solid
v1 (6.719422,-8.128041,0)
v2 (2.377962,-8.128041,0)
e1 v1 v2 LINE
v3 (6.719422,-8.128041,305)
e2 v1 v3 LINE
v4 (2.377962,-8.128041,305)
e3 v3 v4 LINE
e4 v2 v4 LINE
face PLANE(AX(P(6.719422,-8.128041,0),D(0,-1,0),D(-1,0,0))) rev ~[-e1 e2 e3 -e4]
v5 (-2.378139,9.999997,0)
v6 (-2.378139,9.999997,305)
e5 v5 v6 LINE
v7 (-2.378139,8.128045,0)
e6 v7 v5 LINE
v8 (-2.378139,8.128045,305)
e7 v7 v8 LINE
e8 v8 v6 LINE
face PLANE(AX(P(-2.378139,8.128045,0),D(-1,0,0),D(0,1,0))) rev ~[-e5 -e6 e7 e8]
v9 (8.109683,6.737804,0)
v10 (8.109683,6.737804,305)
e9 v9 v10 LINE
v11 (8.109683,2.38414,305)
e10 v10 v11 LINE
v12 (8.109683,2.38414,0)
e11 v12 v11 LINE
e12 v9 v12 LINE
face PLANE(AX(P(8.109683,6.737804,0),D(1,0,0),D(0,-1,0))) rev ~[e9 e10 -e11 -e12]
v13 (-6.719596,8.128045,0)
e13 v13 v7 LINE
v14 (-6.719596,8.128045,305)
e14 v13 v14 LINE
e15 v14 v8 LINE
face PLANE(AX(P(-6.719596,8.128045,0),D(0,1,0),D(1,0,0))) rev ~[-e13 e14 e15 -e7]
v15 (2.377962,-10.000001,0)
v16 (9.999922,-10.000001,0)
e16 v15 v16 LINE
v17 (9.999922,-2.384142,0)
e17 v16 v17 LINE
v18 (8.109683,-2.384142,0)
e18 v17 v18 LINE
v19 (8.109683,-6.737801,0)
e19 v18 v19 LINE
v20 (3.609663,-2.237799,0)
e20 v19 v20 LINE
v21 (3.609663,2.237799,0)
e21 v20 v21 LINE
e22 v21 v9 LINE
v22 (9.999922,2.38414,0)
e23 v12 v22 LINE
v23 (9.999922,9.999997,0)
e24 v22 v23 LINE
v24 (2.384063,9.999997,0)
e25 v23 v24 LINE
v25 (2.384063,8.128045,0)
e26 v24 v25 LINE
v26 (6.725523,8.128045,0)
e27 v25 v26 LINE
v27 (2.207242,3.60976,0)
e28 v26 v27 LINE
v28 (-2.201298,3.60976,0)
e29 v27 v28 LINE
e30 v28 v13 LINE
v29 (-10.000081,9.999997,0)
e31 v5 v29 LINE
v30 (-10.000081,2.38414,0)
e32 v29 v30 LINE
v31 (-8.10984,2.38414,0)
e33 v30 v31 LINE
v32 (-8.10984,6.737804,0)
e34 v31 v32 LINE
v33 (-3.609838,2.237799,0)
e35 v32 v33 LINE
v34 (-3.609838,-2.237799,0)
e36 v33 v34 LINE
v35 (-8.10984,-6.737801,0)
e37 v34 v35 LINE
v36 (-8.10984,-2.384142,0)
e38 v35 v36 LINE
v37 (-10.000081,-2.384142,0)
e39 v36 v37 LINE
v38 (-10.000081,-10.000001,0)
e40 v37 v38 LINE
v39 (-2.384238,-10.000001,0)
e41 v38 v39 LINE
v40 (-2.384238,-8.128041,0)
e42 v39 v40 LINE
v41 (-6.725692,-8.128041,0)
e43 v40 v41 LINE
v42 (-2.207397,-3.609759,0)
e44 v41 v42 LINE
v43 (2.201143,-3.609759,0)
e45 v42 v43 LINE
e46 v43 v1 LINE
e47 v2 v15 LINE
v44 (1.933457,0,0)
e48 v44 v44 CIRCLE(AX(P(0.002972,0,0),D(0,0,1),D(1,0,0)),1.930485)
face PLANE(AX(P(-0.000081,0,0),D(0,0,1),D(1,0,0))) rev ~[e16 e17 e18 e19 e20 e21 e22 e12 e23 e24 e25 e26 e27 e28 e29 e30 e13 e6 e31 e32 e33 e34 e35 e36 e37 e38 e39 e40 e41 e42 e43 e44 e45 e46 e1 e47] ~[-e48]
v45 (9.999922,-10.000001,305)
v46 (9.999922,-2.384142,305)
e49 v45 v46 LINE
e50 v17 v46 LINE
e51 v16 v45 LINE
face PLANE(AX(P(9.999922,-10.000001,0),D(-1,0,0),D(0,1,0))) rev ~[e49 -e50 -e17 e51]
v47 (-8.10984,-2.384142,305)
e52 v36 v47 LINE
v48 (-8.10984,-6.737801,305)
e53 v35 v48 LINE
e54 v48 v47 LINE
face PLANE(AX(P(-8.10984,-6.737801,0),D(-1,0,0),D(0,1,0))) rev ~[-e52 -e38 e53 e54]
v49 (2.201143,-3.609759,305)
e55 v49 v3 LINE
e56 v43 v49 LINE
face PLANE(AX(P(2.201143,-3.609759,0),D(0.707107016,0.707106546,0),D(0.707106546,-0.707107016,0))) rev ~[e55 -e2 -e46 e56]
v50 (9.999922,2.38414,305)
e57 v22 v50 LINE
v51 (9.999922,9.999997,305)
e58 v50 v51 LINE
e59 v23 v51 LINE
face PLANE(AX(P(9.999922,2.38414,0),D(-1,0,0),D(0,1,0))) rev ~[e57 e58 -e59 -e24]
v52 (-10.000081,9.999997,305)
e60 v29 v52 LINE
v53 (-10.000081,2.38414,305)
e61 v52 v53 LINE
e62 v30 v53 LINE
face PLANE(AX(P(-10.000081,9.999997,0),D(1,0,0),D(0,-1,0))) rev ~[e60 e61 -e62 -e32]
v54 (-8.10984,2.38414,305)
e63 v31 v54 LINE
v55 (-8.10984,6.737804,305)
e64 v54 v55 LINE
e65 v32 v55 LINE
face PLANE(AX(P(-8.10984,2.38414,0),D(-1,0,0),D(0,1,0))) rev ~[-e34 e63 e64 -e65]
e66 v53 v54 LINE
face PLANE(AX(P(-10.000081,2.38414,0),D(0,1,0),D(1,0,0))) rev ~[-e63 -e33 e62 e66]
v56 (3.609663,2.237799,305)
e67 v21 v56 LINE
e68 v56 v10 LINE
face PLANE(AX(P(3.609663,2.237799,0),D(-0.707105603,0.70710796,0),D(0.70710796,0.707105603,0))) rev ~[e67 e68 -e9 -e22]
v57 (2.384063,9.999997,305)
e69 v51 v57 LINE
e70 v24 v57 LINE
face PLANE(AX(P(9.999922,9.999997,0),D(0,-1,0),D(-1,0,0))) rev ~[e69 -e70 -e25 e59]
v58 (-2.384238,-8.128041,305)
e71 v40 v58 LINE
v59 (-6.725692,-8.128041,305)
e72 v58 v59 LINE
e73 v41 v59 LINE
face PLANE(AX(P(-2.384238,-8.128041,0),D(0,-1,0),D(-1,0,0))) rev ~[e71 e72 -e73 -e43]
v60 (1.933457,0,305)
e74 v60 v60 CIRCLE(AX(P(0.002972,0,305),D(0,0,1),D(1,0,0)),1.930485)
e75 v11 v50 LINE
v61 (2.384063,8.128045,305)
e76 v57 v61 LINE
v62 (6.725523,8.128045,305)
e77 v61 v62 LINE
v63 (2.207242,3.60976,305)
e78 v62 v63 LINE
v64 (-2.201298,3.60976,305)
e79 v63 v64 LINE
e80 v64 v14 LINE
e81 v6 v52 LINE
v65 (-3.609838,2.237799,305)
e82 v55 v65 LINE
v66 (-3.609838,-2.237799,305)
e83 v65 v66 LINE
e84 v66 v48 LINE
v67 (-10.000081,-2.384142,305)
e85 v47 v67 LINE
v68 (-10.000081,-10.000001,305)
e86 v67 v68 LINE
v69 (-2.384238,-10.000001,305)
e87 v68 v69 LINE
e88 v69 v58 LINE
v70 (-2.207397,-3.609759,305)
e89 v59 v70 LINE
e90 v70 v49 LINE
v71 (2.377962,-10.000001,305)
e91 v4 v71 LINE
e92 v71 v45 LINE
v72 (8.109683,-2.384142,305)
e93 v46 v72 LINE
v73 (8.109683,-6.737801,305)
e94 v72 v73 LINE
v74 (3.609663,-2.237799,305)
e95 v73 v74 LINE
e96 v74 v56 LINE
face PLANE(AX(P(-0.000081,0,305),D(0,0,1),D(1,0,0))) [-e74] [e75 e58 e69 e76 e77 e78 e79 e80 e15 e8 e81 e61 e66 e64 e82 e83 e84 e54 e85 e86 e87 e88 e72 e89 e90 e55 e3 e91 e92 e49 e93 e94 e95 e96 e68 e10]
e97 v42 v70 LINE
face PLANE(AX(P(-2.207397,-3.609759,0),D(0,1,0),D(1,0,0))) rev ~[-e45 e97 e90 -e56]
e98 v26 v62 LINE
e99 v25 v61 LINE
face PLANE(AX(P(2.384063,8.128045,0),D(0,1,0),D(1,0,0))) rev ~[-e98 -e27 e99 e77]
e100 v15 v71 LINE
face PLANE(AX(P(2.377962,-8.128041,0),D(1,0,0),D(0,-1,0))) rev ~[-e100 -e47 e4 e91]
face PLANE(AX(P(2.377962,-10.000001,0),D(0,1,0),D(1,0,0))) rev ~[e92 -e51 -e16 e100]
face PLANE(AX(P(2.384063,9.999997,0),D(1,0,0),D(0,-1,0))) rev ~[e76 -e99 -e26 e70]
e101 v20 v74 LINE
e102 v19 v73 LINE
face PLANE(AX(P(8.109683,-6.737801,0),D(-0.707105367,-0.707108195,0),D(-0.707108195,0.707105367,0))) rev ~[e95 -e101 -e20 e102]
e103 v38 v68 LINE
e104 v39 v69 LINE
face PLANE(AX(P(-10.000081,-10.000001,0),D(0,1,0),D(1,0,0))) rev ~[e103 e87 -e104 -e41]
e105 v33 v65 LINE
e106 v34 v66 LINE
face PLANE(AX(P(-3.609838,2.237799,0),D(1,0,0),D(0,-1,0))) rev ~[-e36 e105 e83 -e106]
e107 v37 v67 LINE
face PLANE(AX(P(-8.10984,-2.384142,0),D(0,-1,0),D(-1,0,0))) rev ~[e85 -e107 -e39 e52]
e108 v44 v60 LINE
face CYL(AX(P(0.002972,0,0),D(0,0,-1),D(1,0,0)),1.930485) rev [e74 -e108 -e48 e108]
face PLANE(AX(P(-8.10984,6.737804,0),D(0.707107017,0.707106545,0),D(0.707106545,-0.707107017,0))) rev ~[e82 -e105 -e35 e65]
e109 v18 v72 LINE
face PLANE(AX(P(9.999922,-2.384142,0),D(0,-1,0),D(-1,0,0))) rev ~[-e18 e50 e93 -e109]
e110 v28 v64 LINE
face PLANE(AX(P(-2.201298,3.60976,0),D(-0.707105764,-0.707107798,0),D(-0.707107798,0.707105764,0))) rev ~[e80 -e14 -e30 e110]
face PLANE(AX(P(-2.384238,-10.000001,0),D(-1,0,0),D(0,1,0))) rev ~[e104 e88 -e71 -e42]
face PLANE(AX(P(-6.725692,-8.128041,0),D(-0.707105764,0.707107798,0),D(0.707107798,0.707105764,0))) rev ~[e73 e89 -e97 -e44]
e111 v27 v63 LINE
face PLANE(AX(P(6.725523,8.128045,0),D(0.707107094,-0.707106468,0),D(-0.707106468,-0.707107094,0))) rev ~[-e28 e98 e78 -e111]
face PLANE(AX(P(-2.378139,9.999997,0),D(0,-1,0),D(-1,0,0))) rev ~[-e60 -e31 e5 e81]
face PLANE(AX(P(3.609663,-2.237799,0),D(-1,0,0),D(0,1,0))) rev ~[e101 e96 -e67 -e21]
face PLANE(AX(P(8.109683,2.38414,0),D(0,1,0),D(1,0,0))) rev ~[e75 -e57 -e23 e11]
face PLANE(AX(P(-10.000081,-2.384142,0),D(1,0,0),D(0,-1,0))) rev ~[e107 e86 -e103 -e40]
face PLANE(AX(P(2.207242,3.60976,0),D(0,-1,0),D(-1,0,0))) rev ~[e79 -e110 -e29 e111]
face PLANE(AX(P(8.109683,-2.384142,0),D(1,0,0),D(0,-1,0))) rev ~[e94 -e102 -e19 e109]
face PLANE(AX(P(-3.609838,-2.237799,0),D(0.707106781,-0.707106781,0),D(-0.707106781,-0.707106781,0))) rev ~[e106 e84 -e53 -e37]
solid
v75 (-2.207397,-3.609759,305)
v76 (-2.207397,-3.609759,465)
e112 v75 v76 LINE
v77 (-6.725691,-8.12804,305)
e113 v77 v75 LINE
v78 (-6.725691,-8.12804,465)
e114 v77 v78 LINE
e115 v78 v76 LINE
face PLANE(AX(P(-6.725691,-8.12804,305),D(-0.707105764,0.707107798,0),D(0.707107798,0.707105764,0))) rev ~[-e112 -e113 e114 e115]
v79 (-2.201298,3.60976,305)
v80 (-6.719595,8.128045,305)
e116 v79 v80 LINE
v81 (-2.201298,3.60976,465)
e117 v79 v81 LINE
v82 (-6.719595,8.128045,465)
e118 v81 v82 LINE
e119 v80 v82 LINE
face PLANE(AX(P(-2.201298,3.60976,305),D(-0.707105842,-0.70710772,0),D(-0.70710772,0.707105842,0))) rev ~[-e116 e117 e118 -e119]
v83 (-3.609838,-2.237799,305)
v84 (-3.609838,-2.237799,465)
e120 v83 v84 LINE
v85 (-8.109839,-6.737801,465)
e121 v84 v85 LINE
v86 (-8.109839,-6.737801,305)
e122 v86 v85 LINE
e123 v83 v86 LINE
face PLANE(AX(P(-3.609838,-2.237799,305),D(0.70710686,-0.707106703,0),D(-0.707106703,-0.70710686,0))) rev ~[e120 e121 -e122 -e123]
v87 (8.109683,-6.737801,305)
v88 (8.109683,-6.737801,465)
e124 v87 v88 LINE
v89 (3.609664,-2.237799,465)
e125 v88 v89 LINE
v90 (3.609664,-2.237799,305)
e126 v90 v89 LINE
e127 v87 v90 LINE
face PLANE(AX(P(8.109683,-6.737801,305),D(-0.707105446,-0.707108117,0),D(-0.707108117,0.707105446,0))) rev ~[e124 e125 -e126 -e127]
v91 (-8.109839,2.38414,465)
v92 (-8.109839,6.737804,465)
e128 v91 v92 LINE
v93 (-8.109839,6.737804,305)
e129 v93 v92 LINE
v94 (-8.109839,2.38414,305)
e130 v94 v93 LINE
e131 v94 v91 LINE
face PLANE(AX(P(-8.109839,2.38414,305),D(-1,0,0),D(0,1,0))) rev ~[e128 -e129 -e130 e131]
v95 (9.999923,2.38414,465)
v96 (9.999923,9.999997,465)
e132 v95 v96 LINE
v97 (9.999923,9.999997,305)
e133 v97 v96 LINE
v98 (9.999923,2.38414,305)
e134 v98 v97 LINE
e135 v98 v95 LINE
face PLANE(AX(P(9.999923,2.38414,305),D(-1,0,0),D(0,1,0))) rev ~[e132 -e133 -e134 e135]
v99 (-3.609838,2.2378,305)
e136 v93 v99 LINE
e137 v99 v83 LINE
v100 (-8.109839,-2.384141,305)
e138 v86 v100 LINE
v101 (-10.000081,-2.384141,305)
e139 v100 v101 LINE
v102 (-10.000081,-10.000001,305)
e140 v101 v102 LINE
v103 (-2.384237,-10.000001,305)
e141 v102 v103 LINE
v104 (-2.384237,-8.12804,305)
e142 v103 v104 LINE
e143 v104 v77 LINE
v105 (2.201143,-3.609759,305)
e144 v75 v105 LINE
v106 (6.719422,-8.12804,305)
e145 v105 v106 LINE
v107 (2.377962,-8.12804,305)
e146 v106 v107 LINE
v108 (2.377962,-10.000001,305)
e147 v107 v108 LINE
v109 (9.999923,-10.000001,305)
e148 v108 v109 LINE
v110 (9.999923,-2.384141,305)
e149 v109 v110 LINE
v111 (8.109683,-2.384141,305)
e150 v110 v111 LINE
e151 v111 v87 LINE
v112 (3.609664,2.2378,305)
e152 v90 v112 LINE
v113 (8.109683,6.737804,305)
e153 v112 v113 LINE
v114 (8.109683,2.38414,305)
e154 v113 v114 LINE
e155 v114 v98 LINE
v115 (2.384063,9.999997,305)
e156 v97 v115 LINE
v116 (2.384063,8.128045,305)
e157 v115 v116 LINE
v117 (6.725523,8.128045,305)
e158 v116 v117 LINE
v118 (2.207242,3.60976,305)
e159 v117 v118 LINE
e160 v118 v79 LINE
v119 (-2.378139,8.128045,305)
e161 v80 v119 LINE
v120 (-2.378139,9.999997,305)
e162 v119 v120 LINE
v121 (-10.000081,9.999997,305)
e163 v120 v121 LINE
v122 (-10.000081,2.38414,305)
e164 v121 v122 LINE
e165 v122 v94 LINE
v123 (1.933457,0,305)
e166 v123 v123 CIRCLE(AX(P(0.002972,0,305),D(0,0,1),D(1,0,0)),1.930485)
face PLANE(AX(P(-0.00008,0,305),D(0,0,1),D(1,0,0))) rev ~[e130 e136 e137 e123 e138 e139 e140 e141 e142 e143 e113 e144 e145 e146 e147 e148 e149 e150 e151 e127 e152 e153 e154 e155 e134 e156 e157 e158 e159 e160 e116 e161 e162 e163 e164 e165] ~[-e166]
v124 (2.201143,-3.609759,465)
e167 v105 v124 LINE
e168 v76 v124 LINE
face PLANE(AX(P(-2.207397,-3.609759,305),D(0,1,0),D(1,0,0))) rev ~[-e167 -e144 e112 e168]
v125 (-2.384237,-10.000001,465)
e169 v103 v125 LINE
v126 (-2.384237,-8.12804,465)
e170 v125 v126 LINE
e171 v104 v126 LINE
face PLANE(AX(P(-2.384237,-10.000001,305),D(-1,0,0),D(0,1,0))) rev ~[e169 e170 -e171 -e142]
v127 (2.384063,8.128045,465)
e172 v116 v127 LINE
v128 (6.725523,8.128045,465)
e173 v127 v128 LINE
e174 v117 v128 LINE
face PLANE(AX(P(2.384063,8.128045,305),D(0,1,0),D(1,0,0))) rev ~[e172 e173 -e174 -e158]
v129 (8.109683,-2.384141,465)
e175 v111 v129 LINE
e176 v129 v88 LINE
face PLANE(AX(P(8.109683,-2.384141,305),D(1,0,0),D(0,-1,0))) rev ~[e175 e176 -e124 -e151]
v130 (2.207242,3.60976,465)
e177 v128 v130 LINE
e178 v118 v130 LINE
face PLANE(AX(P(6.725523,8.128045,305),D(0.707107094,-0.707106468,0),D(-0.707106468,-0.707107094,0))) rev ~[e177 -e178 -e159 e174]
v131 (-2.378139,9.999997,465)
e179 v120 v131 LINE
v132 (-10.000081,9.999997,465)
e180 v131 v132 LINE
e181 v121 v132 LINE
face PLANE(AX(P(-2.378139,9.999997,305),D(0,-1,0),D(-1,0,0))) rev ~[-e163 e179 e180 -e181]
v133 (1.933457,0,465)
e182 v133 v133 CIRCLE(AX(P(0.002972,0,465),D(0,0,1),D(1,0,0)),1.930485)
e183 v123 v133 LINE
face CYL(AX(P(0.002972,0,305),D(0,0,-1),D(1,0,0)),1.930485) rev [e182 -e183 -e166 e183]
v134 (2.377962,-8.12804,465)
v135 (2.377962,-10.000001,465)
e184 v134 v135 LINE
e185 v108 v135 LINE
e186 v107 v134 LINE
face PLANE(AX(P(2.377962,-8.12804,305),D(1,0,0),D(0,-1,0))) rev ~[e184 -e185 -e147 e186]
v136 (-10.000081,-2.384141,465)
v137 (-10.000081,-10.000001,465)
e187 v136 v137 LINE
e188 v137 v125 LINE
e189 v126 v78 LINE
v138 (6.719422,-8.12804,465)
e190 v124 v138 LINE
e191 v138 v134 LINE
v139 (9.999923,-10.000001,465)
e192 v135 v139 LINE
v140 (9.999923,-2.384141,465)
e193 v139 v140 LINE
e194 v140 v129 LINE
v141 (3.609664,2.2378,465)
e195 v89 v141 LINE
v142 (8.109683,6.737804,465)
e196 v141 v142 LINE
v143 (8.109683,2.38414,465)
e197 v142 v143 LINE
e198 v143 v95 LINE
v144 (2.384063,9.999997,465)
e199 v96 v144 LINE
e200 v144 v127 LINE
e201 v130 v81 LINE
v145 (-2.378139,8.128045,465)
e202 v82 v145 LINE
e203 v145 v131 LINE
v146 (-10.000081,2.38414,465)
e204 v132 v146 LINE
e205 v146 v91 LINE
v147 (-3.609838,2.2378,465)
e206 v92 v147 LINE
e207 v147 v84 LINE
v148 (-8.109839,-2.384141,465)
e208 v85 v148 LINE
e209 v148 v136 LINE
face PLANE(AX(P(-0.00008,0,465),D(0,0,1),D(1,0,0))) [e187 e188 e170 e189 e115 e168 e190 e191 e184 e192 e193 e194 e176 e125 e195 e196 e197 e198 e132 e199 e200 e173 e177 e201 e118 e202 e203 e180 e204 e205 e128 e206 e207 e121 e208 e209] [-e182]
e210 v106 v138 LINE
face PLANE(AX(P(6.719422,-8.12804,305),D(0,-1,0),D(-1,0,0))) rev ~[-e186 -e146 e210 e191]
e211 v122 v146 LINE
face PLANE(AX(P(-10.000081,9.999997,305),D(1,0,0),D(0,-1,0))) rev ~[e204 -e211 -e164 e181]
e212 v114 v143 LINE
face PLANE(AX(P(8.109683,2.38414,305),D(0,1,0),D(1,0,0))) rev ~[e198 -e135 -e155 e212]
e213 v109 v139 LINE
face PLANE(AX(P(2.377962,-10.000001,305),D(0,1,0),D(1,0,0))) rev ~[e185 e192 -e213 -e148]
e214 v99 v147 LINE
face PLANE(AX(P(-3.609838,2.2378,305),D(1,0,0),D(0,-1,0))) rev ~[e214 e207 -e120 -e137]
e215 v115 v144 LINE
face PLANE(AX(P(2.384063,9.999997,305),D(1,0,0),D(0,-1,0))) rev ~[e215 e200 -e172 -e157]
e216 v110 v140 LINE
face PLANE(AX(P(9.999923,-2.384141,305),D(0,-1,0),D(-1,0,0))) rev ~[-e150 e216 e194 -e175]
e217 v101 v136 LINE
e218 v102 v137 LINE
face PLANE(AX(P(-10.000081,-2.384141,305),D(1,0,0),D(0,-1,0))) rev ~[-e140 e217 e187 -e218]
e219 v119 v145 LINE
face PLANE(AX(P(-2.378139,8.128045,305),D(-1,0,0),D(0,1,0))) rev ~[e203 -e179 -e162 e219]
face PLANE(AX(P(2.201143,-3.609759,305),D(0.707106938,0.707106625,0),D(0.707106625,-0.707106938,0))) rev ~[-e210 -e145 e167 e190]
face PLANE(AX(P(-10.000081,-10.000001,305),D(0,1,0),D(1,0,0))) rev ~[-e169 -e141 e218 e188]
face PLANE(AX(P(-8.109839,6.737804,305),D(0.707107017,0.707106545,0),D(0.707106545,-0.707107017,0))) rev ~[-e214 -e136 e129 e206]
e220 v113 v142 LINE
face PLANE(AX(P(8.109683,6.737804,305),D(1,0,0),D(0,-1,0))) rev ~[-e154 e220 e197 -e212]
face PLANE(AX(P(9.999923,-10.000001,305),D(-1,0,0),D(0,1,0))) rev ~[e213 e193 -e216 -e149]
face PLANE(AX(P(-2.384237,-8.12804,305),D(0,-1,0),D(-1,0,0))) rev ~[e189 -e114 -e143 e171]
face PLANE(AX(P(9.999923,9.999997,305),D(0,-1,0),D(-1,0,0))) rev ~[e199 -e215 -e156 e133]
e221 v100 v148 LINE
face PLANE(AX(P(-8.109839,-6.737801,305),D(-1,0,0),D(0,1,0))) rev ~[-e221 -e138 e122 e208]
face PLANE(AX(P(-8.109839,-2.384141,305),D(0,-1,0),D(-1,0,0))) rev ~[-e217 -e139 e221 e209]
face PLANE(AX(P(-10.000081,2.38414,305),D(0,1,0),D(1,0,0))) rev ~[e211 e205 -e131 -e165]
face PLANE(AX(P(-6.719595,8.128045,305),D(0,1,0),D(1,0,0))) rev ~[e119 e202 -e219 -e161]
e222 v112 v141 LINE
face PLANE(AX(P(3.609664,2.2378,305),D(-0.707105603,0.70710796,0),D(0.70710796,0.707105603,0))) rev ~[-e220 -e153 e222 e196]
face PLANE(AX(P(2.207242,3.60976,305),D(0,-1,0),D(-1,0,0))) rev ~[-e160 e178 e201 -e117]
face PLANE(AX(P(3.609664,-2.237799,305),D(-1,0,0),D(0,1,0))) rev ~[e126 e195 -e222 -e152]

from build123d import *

# Parameters (mm, degrees)
F0_R      = 1.930485
F1_DEPTH  = 305
F1_FACE_R = 1.930485
F2_DEPTH  = 160


with BuildPart() as f1:
    # F0 (on Top) → F1 (new body)
    with BuildSketch(Plane.XY):
        Polygon((2.207242, 3.60976), (-2.201298, 3.60976), (-6.719596, 8.128045), (-2.378139, 8.128045), (-2.378139, 9.999997), (-10.000081, 9.999997), (-10.000081, 2.38414), (-8.10984, 2.38414), (-8.10984, 6.737804), (-3.609838, 2.237799), (-3.609838, -2.237799), (-8.10984, -6.737801), (-8.10984, -2.384142), (-10.000081, -2.384142), (-10.000081, -10.000001), (-2.384238, -10.000001), (-2.384238, -8.128041), (-6.725692, -8.128041), (-2.207397, -3.609759), (2.201143, -3.609759), (6.719422, -8.128041), (2.377962, -8.128041), (2.377962, -10.000001), (9.999922, -10.000001), (9.999922, -2.384142), (8.109683, -2.384142), (8.109683, -6.737801), (3.609663, -2.237799), (3.609663, 2.237799), (8.109683, 6.737804), (8.109683, 2.38414), (9.999922, 2.38414), (9.999922, 9.999997), (2.384063, 9.999997), (2.384063, 8.128045), (6.725523, 8.128045), align=None)
        with Locations((0.002972, 0)):
            Circle(F0_R, mode=Mode.SUBTRACT)
    extrude(amount=F1_DEPTH)


with BuildPart() as f2:
    # F1_face (on face) → F2 (new body)
    with BuildSketch(Plane(origin=(-0.000268, -5e-06, 305), x_dir=(1, 0, 0), z_dir=(0, 0, 1))):
        Polygon((2.37823, -9.999996), (10.000191, -9.999996), (10.000191, -2.384136), (8.109951, -2.384136), (8.109951, -6.737796), (3.609932, -2.237794), (3.609932, 2.237805), (8.109951, 6.737809), (8.109951, 2.384145), (10.000191, 2.384145), (10.000191, 10.000002), (2.384331, 10.000002), (2.384331, 8.12805), (6.725791, 8.12805), (2.20751, 3.609765), (-2.20103, 3.609765), (-6.719327, 8.12805), (-2.377871, 8.12805), (-2.377871, 10.000002), (-9.999813, 10.000002), (-9.999813, 2.384145), (-8.109571, 2.384145), (-8.109571, 6.737809), (-3.60957, 2.237805), (-3.60957, -2.237794), (-8.109571, -6.737796), (-8.109571, -2.384136), (-9.999813, -2.384136), (-9.999813, -9.999996), (-2.383969, -9.999996), (-2.383969, -8.128035), (-6.725423, -8.128035), (-2.207129, -3.609754), (2.201411, -3.609754), (6.71969, -8.128035), (2.37823, -8.128035), align=None)
        with Locations((0.00324, 5e-06)):
            Circle(F1_FACE_R, mode=Mode.SUBTRACT)
    extrude(amount=F2_DEPTH)


solid = Compound([f1.part, f2.part])
